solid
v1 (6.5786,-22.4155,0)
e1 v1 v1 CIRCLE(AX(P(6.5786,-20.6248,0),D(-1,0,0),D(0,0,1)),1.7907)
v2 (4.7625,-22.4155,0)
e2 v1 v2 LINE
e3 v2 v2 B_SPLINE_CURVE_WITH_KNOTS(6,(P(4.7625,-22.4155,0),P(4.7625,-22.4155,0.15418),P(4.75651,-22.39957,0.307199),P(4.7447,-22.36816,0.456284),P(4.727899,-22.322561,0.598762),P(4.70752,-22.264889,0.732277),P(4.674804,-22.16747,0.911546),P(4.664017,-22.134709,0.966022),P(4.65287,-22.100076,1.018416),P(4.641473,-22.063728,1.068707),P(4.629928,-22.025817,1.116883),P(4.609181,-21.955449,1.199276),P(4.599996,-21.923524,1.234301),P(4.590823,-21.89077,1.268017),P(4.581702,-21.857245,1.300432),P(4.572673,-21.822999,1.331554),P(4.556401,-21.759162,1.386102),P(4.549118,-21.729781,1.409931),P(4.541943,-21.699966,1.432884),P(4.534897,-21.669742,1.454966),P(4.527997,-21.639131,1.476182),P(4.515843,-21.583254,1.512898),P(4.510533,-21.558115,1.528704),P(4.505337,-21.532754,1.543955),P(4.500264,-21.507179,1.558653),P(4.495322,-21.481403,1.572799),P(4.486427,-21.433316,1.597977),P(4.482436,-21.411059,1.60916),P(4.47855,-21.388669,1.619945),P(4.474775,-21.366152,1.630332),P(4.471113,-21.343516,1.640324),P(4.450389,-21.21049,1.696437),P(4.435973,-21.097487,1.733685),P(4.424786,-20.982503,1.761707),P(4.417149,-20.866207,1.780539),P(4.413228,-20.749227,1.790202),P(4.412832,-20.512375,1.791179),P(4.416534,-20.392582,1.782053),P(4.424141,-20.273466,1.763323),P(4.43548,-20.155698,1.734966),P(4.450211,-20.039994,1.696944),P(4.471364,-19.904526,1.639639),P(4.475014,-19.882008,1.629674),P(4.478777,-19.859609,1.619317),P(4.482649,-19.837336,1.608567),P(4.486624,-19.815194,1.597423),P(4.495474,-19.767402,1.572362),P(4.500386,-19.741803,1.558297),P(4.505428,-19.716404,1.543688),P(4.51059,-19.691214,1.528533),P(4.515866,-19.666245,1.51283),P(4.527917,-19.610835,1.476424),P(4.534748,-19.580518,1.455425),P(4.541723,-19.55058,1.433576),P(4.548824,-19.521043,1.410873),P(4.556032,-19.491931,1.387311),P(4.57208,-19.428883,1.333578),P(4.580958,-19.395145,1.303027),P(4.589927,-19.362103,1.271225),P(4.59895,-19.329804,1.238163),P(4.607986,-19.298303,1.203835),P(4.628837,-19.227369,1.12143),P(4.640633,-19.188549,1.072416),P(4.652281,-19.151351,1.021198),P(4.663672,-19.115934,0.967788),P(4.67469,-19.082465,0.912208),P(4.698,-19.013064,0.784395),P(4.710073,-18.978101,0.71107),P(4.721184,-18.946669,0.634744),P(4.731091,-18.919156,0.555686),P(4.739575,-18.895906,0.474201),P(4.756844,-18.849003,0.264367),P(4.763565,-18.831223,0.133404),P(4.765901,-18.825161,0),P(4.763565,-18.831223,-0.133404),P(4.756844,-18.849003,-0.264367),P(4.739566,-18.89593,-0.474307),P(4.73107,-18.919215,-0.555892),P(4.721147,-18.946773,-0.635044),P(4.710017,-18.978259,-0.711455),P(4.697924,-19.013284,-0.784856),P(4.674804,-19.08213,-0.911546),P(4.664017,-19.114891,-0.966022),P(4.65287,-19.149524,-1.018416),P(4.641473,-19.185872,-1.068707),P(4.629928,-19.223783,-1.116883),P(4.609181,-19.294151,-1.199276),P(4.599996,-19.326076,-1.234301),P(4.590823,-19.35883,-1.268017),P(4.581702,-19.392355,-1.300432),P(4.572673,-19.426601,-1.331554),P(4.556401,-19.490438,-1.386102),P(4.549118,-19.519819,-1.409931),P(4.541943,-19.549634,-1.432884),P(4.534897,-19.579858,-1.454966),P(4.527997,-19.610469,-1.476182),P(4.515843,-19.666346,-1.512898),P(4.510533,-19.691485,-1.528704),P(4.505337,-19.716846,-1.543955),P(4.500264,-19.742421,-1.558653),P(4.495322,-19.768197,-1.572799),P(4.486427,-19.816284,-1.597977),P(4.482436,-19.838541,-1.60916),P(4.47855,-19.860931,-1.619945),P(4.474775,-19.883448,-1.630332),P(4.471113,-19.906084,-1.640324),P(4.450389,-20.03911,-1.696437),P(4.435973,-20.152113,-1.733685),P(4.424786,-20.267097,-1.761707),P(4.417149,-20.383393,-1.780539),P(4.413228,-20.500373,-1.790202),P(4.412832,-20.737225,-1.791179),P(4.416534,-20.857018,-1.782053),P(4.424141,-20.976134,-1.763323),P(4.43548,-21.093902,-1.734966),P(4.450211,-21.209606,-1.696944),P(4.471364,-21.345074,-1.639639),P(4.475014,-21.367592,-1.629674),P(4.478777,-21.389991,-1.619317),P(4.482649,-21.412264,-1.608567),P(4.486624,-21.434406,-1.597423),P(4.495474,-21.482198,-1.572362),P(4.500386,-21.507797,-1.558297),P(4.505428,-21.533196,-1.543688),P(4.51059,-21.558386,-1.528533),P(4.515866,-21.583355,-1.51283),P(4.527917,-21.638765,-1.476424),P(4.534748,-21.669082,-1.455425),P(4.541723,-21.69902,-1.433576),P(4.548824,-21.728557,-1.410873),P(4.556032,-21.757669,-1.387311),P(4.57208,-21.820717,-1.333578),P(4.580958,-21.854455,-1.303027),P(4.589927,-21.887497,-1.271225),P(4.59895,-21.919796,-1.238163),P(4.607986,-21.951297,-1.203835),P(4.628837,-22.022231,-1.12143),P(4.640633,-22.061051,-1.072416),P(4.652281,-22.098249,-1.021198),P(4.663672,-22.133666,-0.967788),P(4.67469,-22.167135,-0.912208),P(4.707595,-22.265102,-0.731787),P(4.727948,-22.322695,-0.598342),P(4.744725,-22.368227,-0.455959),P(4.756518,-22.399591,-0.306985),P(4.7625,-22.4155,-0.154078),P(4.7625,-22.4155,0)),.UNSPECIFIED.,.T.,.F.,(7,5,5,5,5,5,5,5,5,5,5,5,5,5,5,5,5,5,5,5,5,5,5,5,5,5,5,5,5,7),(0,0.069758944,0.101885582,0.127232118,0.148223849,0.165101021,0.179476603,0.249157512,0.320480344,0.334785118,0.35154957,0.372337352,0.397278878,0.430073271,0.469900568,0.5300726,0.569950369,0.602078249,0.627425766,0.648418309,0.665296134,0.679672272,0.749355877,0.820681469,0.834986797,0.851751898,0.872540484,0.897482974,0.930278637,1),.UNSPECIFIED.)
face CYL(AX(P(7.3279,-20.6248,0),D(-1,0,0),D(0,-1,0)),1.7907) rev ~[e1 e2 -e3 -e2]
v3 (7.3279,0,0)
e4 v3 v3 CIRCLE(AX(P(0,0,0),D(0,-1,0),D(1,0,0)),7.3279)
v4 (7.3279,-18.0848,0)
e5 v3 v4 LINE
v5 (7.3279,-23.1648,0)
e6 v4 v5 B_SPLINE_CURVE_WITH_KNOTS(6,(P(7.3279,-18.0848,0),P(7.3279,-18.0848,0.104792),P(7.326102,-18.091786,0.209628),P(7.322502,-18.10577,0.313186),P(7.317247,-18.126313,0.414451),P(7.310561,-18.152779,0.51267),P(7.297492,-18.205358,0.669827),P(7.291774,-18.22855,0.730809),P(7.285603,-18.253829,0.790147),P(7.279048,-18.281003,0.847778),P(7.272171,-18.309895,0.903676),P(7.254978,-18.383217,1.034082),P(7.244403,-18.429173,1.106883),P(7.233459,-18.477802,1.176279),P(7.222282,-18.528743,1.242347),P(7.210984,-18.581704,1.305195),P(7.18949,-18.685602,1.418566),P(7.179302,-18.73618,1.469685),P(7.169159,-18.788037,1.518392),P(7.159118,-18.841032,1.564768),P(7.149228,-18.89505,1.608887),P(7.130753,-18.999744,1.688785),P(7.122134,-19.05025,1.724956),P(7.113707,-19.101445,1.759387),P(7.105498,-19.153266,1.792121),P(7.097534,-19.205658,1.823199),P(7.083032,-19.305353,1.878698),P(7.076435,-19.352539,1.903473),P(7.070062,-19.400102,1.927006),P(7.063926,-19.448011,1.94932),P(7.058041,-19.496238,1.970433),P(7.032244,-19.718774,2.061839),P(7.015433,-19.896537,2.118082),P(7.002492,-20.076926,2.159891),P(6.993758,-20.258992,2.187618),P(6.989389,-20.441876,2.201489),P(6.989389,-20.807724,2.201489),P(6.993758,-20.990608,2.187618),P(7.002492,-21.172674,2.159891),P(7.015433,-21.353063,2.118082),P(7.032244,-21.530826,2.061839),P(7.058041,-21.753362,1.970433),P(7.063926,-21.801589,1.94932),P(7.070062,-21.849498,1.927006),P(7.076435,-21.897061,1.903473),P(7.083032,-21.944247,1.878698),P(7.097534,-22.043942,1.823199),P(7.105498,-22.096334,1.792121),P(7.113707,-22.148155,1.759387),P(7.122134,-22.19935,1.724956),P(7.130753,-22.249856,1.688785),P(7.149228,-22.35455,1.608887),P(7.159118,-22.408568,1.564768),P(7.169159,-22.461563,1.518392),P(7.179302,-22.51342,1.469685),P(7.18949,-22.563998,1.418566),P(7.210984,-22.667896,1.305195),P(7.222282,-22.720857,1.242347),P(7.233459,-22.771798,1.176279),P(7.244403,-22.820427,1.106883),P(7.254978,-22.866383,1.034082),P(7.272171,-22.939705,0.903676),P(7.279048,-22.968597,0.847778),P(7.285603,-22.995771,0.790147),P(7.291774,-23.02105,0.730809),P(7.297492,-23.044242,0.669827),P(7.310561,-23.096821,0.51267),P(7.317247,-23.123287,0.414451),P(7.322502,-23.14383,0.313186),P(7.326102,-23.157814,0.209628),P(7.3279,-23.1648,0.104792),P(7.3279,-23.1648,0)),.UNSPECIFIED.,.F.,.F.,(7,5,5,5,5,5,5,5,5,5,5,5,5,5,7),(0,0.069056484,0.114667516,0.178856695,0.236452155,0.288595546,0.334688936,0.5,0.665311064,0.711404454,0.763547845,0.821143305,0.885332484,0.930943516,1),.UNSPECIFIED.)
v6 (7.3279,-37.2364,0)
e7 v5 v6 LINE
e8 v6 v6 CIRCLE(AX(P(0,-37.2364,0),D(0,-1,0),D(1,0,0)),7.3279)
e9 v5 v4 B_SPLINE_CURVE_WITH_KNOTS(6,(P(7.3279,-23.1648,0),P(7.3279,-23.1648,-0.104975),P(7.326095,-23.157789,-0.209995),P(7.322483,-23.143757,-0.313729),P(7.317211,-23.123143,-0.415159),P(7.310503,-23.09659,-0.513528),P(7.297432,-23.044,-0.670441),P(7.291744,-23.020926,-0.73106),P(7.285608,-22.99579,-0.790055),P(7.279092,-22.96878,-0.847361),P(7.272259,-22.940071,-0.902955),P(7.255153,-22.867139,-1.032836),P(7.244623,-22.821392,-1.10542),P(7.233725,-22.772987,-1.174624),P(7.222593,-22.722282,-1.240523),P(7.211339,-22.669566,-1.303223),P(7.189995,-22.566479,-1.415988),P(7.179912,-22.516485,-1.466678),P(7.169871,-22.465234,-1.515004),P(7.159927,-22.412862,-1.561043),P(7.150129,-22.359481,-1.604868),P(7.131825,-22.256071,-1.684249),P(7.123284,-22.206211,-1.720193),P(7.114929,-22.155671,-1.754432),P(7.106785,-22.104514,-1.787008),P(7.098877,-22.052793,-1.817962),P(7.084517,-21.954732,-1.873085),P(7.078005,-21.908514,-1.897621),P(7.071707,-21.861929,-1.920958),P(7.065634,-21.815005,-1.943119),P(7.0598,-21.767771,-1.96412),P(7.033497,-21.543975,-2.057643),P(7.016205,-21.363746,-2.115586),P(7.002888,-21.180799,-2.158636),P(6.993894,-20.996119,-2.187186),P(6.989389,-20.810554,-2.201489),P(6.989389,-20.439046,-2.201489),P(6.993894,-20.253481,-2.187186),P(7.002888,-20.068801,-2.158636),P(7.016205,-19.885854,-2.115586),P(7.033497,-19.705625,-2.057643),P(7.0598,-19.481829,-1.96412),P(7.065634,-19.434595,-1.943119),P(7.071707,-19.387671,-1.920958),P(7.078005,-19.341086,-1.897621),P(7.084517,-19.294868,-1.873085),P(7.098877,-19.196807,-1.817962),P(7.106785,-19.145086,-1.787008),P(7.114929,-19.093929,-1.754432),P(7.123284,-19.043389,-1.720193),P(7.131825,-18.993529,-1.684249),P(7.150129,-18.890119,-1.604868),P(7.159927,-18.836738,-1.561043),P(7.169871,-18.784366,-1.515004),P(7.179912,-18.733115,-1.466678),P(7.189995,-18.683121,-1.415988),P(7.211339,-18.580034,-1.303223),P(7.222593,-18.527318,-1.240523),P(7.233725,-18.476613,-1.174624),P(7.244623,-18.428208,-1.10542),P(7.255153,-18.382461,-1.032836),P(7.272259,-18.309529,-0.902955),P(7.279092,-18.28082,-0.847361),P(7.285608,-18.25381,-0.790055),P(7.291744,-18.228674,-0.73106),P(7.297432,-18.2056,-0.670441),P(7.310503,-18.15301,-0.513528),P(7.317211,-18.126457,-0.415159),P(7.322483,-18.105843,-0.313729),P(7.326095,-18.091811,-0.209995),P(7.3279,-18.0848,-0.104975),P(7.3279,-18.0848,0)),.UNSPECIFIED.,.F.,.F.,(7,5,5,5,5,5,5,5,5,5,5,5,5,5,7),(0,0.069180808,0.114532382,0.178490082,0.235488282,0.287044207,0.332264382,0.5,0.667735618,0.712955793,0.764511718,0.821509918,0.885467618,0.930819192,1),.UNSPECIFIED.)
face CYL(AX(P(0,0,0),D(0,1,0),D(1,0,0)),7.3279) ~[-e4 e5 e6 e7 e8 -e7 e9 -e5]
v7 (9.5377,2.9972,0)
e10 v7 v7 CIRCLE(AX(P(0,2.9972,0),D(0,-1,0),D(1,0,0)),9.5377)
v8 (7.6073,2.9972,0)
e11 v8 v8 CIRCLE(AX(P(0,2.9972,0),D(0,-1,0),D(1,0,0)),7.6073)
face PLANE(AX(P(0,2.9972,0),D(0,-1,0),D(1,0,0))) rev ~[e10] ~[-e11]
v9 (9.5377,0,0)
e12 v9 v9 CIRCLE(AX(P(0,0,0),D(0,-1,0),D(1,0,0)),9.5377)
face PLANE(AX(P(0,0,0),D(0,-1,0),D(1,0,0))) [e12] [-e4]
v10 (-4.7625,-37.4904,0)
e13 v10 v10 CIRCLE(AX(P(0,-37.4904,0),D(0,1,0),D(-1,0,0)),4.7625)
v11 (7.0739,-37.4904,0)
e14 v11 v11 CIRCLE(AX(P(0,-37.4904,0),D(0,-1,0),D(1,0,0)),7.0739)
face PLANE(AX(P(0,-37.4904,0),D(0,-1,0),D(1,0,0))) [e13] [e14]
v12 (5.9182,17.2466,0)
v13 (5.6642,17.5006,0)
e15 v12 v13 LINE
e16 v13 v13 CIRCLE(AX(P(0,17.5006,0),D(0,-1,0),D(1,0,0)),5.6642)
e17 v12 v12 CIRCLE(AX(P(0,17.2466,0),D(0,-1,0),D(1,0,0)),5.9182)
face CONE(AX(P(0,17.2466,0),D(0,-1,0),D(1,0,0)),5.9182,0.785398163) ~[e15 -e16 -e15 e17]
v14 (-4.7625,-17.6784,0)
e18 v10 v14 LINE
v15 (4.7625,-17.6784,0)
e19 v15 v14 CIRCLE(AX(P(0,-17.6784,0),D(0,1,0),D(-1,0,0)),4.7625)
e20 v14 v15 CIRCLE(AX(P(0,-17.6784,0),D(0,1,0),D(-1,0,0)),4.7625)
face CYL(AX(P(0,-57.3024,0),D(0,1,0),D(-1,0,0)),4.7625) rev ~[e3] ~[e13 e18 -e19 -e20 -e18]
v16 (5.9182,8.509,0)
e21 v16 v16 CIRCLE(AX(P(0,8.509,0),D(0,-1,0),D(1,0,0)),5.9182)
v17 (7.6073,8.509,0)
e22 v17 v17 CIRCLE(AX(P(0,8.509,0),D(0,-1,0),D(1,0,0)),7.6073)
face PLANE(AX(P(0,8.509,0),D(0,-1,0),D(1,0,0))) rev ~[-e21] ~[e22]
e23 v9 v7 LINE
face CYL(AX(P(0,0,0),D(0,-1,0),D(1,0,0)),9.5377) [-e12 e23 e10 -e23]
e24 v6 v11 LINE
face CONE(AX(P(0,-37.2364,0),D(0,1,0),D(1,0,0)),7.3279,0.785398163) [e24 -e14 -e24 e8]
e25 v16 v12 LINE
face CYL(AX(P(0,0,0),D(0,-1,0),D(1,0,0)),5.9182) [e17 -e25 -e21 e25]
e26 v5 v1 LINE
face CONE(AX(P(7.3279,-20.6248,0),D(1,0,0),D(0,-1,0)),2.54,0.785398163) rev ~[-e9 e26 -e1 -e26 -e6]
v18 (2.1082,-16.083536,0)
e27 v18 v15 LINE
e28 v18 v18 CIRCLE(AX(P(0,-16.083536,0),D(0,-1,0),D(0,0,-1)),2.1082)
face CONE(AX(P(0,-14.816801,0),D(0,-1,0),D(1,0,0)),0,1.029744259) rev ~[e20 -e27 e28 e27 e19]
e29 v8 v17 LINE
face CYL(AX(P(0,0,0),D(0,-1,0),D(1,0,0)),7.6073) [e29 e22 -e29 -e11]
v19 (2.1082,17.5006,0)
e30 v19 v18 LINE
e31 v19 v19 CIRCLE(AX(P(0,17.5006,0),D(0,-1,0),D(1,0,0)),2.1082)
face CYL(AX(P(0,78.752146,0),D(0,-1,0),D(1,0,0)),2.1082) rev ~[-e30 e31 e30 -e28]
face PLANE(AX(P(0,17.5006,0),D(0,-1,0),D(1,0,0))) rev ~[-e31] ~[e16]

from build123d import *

# Parameters (mm, degrees)
F0_R            = 7.3279
F5_DEPTH        = 37.4904
F1_R            = 9.5377
F6_DEPTH        = 2.9972
F3_R            = 7.6073
F7_DEPTH        = 8.509
F4_R            = 5.9182
F8_DEPTH        = 17.5006
F9_SIZE         = 0.254
F11_D           = 9.525
F11_DEPTH       = 19.812
F11_TIP         = 2.8615986981
F13_D           = 4.2164
F17_D           = 3.5814
F17_DEPTH       = 6.35
F17_CSINK_D     = 5.08
F17_CSINK_ANGLE = 90
F17_TIP         = 1.0759611105


with BuildPart() as f5:
    # F0 (on Front) → F5 (new body)
    with BuildSketch(Plane.XZ):
        Circle(F0_R)
    extrude(amount=F5_DEPTH)

    # F1 (on Front) → F6 (join)
    with BuildSketch(Plane.XZ):
        Circle(F1_R)
    extrude(amount=-F6_DEPTH)

    # F3 (on Front) → F7 (join)
    with BuildSketch(Plane.XZ):
        Circle(F3_R)
    extrude(amount=-F7_DEPTH)

    # F4 (on Front) → F8 (join)
    with BuildSketch(Plane.XZ):
        Circle(F4_R)
    extrude(amount=-F8_DEPTH)

    # F9
    f9_edges = [f5.edges().sort_by_distance(p)[0] for p in [
        (-7.3279, -37.4904, 0),
        (-5.9182, 17.5006, 0),
    ]]
    chamfer(f9_edges, length=F9_SIZE)

    # F11
    with Locations(Plane.XZ.offset(37.4904)):
        with Locations((0, 0)):
            Hole(F11_D / 2, depth=F11_DEPTH)
            with Locations((0, 0, -(F11_DEPTH + F11_TIP / 2))):  # 118° drill point
                Cone(0, F11_D / 2, F11_TIP, mode=Mode.SUBTRACT)

    # F13 (through all)
    with Locations(Plane(origin=(0, 17.5006, 0), x_dir=(-1, 0, 0), z_dir=(0, 1, 0))):
        with Locations((0, 0)):
            Hole(F13_D / 2)

    # F17
    with Locations(Plane.YZ.offset(7.3279)):
        with Locations((-20.6248, 0)):
            CounterSinkHole(F17_D / 2, F17_CSINK_D / 2, depth=F17_DEPTH, counter_sink_angle=F17_CSINK_ANGLE)
            with Locations((0, 0, -(F17_DEPTH + F17_TIP / 2))):  # 118° drill point
                Cone(0, F17_D / 2, F17_TIP, mode=Mode.SUBTRACT)


solid = f5.part
